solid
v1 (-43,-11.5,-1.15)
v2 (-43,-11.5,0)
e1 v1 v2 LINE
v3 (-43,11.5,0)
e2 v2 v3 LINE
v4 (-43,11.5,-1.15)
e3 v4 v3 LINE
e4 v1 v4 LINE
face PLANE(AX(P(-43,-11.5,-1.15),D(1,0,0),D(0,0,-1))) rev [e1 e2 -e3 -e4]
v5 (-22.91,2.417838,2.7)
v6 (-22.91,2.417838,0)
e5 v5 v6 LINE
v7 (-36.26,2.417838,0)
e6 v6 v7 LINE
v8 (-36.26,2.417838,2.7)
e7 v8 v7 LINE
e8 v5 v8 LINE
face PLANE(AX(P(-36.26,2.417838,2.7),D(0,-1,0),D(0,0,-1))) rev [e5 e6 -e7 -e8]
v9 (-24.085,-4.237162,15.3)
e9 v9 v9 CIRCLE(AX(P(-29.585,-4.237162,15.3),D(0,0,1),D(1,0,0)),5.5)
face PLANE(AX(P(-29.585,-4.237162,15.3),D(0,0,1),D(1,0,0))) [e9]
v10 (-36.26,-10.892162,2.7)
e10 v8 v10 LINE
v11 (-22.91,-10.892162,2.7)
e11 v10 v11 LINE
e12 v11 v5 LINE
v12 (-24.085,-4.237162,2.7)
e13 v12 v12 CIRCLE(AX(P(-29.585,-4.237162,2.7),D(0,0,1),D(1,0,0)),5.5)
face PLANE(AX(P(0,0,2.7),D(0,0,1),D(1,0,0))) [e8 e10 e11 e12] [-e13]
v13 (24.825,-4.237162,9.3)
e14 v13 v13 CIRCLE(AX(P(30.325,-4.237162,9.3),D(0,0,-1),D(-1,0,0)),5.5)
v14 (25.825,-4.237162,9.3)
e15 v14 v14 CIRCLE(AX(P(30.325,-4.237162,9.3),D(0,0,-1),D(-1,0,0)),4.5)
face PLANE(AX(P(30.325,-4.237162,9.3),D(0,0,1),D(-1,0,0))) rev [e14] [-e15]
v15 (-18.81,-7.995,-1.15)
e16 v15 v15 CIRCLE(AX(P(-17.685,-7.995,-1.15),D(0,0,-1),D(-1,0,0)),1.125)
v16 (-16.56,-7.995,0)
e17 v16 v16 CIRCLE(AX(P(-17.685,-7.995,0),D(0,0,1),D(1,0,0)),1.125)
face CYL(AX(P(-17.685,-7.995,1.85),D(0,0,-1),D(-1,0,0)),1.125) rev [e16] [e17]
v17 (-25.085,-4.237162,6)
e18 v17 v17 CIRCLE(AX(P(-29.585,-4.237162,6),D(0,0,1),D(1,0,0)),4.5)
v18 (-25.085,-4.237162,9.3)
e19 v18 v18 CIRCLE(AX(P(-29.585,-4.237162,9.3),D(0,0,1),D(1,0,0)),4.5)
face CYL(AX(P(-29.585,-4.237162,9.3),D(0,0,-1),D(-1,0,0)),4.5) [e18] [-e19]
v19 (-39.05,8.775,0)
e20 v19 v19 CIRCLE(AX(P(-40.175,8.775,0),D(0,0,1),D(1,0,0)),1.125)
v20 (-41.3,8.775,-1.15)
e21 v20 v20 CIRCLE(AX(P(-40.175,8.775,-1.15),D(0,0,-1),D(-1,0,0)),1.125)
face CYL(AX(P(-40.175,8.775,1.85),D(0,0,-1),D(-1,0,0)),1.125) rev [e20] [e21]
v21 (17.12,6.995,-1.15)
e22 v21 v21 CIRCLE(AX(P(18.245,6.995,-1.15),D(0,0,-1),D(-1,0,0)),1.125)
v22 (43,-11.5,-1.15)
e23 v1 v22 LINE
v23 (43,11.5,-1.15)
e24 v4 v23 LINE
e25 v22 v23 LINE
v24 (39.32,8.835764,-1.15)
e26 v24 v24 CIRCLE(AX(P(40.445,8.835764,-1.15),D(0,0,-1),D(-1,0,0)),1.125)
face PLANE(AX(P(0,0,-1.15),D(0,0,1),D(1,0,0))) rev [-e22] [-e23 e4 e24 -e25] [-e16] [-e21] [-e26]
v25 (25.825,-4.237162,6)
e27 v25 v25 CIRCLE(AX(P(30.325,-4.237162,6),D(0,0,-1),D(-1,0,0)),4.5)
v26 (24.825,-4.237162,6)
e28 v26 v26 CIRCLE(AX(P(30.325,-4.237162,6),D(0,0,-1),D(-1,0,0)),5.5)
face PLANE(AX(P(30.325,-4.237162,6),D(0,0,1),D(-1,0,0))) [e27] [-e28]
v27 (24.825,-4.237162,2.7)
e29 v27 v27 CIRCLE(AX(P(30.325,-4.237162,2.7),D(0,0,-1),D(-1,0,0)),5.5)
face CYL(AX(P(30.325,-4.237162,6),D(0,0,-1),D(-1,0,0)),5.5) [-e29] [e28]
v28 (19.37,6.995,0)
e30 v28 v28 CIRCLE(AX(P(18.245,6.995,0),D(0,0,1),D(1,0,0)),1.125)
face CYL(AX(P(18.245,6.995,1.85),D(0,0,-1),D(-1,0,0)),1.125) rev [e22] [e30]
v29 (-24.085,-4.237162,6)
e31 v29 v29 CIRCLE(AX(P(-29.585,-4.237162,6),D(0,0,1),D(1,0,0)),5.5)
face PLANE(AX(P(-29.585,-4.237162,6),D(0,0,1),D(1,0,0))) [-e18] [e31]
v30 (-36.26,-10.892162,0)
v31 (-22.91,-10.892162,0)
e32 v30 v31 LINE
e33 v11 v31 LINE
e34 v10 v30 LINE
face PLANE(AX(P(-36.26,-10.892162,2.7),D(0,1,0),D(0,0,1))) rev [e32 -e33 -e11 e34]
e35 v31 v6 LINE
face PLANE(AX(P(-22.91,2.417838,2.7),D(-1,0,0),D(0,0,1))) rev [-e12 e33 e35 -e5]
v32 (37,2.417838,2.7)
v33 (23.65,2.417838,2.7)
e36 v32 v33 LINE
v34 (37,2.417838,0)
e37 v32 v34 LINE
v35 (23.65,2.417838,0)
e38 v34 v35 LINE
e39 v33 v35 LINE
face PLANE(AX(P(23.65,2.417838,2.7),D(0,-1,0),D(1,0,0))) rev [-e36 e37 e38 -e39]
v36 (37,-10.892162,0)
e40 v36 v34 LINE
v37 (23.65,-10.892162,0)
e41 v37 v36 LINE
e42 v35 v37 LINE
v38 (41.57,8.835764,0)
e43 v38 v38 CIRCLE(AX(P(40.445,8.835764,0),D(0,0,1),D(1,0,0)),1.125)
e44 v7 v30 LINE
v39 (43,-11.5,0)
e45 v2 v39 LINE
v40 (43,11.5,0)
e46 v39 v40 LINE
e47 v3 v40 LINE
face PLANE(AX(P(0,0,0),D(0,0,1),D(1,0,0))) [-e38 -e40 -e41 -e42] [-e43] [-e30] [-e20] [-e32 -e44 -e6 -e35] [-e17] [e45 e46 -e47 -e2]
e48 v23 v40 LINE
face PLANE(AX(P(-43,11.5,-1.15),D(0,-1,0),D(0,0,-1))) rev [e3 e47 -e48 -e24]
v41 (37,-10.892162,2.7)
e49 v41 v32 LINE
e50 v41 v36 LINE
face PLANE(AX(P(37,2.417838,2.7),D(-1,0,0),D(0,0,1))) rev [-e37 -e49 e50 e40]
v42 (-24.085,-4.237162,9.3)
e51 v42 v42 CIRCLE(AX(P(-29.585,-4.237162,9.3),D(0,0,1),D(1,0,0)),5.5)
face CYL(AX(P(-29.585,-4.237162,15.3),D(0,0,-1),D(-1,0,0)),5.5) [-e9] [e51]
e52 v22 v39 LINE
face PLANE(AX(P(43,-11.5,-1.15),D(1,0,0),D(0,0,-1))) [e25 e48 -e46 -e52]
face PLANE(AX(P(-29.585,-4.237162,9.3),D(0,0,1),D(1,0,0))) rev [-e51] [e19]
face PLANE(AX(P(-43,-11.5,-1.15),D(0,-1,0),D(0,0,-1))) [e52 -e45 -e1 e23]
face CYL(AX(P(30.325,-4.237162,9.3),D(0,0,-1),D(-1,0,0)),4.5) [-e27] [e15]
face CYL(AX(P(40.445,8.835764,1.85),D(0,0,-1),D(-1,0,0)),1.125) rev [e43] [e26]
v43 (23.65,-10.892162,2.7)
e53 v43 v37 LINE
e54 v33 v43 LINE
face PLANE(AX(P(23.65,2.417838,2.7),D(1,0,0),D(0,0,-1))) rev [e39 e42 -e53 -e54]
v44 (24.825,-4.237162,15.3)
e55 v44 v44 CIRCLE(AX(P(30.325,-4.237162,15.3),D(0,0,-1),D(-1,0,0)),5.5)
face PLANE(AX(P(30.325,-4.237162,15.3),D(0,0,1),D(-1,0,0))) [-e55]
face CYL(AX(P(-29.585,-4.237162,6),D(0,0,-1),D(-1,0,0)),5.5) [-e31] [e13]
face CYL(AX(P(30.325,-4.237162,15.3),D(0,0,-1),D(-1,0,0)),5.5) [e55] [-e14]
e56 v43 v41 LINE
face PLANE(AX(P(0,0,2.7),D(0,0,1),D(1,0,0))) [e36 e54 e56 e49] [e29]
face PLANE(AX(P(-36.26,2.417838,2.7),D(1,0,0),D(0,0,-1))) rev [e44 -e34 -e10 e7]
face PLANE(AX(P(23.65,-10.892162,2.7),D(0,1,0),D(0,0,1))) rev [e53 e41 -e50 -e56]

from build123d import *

# Parameters (mm, degrees)
SKETCH1_W           = 86
SKETCH1_H           = 23
BOSS_EXTRUDE1_DEPTH = 1.15
SKETCH2_W           = 13.35
SKETCH2_H           = 13.31
BOSS_EXTRUDE2_DEPTH = 2.7
SKETCH3_R           = 5.5
BOSS_EXTRUDE3_DEPTH = 3.3
SKETCH5_R           = 4.5
BOSS_EXTRUDE4_DEPTH = 3.3
SKETCH6_R           = 5.5
BOSS_EXTRUDE5_DEPTH = 6
SKETCH7_R           = 1.125
CUT_EXTRUDE1_DEPTH  = 3


with BuildPart() as part:
    # Sketch1 → Boss-Extrude1 (new body)
    with BuildSketch(Plane.XY):
        Rectangle(SKETCH1_W, SKETCH1_H)
    extrude(amount=-BOSS_EXTRUDE1_DEPTH)

    # Sketch2 → Boss-Extrude2 (add)
    with BuildSketch(Plane.XY):
        with Locations((-29.585, -4.237161914)):
            Rectangle(SKETCH2_W, SKETCH2_H)
        with Locations((30.325, -4.237161914)):
            Rectangle(SKETCH2_W, SKETCH2_H)
    extrude(amount=BOSS_EXTRUDE2_DEPTH)

    # Sketch3 → Boss-Extrude3 (add)
    with BuildSketch(Plane.XY.offset(2.7)):
        with Locations((-29.585, -4.237161914)):
            Circle(SKETCH3_R)
    boss_extrude3 = extrude(amount=BOSS_EXTRUDE3_DEPTH)

    # Sketch5 → Boss-Extrude4 (add)
    with BuildSketch(Plane.XY.offset(6)):
        with Locations((-29.585, -4.237161914)):
            Circle(SKETCH5_R)
    boss_extrude4 = extrude(amount=BOSS_EXTRUDE4_DEPTH)

    # Sketch6 → Boss-Extrude5 (add)
    with BuildSketch(Plane.XY.offset(9.3)):
        with Locations((-29.585, -4.237161914)):
            Circle(SKETCH6_R)
    boss_extrude5 = extrude(amount=BOSS_EXTRUDE5_DEPTH)

    # Mirror1: Boss-Extrude3, Boss-Extrude4, Boss-Extrude5 across plane
    add(boss_extrude3.mirror(Plane(origin=(0.37, 0, 0), x_dir=(0, 0, 1), z_dir=(1, 0, 0))))
    add(boss_extrude4.mirror(Plane(origin=(0.37, 0, 0), x_dir=(0, 0, 1), z_dir=(1, 0, 0))))
    add(boss_extrude5.mirror(Plane(origin=(0.37, 0, 0), x_dir=(0, 0, 1), z_dir=(1, 0, 0))))

    # Sketch7 → Cut-Extrude1 (cut)
    with BuildSketch(Plane(origin=(0, 0, -1.15), x_dir=(-1, 0, 0), z_dir=(0, 0, -1))):
        with Locations((40.175, 8.775)):
            Circle(SKETCH7_R)
        with Locations((17.685, -7.995)):
            Circle(SKETCH7_R)
        with Locations((-18.245, 6.995)):
            Circle(SKETCH7_R)
        with Locations((-40.445, 8.835764466)):
            Circle(SKETCH7_R)
    extrude(amount=-CUT_EXTRUDE1_DEPTH, mode=Mode.SUBTRACT)


solid = part.part
